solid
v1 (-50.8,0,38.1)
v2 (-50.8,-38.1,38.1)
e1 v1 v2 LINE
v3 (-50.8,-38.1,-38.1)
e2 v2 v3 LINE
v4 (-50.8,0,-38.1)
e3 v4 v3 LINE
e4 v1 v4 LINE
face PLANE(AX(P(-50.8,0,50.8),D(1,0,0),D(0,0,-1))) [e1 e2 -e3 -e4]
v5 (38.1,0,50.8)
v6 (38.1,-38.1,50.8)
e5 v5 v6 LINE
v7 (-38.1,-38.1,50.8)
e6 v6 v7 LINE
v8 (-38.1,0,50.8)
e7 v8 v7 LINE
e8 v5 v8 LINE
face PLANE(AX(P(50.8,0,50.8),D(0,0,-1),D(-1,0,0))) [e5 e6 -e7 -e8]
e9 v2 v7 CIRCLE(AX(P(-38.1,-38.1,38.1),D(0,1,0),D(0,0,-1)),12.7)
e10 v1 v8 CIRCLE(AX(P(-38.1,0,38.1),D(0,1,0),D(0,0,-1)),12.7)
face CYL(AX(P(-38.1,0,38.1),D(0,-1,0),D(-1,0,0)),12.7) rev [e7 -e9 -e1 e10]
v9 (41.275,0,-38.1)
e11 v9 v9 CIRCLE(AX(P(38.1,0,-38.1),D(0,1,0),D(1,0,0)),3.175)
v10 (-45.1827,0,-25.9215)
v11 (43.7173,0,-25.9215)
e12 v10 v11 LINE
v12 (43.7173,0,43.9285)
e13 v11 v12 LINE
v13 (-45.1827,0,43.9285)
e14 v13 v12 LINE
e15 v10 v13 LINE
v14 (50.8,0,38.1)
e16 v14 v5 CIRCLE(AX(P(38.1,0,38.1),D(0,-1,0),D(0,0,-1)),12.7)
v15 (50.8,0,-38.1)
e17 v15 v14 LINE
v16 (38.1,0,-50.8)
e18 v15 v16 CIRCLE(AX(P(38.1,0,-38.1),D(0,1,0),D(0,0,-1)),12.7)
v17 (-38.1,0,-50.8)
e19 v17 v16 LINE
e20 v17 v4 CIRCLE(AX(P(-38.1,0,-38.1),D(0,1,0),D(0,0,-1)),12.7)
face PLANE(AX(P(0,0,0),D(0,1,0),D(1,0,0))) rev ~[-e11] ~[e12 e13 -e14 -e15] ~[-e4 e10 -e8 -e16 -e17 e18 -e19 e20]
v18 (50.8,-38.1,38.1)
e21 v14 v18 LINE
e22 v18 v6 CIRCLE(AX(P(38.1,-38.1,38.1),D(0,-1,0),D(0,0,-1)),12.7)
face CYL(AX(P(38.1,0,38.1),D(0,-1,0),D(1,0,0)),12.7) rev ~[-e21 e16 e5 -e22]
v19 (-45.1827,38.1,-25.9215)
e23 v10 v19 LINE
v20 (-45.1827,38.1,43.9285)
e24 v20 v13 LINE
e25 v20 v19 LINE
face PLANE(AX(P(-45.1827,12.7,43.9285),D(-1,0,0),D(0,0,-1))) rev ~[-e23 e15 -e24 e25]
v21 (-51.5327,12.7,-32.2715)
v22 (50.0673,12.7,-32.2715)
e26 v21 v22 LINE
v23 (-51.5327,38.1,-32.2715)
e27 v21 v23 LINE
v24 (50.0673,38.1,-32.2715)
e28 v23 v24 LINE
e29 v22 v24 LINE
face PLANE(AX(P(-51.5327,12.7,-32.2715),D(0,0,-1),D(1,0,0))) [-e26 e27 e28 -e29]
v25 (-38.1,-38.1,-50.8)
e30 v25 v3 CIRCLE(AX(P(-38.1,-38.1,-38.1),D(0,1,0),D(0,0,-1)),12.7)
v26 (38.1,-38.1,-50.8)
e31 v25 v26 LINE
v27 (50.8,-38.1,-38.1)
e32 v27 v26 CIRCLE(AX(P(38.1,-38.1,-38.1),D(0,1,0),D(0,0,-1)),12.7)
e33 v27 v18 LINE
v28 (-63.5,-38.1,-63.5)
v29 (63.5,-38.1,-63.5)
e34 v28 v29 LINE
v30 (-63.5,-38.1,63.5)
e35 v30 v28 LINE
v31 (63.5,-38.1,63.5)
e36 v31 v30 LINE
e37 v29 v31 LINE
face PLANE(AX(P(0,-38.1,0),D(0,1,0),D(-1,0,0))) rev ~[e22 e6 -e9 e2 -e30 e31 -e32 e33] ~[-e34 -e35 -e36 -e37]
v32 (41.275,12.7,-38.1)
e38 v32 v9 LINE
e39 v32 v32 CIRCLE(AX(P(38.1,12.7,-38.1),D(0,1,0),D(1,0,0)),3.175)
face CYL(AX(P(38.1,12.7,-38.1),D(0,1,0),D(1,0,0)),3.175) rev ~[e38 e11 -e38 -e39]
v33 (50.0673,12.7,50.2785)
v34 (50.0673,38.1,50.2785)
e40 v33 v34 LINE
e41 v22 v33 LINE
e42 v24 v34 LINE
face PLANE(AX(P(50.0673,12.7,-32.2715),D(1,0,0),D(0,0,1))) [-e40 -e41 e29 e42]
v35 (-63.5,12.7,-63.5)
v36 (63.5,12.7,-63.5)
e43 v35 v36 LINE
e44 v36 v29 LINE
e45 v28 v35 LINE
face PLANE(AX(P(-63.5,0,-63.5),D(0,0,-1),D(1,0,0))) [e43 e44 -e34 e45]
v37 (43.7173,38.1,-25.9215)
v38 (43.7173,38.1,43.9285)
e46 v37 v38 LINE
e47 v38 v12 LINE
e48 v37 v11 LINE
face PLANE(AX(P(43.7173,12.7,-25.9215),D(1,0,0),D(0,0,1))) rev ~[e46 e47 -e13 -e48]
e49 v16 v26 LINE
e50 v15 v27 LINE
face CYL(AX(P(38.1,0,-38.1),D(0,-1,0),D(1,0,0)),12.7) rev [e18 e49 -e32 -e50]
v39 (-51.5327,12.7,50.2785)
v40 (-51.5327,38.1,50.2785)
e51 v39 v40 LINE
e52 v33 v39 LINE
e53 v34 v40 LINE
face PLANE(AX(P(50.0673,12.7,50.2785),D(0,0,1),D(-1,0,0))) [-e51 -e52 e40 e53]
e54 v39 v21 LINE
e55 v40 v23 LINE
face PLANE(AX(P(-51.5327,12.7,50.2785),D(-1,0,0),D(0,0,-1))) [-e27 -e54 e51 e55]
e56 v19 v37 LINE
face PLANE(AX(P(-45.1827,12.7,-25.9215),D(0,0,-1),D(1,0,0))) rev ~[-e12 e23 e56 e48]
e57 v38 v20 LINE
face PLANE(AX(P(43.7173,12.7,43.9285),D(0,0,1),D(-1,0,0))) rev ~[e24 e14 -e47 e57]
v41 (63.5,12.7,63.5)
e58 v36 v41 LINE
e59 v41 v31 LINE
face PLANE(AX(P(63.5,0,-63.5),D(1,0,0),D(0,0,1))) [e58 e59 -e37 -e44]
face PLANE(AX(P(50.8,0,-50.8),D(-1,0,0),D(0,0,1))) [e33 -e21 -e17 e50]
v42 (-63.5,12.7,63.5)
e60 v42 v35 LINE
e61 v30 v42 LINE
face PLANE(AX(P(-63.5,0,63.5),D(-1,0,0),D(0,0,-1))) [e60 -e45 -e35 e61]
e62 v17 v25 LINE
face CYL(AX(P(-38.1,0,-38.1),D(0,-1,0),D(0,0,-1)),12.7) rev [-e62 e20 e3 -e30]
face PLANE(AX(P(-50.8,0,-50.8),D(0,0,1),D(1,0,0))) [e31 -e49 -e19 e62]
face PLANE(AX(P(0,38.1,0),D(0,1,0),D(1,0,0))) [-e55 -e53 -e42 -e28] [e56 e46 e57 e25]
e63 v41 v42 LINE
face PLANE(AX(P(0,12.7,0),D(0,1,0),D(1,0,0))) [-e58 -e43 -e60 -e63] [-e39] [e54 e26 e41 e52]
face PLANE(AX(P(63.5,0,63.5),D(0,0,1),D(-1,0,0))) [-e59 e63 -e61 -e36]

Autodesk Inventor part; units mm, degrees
ref_plane "YZ Plane" through (0, 0, 0) normal (1, 0, 0) x (0, 1, 0)
ref_plane "XZ Plane" through (0, 0, 0) normal (0, 1, 0) x (-1, 0, 0)
ref_plane "XY Plane" through (0, 0, 0) normal (0, 0, 1) x (1, 0, 0)
sketch "Sketch1" plane through (0, 0, 0) normal (0, 1, 0) x (-1, 0, 0)
  line L0 (-50.8, 50.8) -> (50.8, 50.8)
  line L1 (50.8, 50.8) -> (50.8, -50.8)
  line L2 (50.8, -50.8) -> (-50.8, -50.8)
  line L3 (-50.8, -50.8) -> (-50.8, 50.8)
  line L4 (-63.5, 63.5) -> (63.5, 63.5)
  line L5 (63.5, 63.5) -> (63.5, -63.5)
  line L6 (63.5, -63.5) -> (-63.5, -63.5)
  line L7 (-63.5, -63.5) -> (-63.5, 63.5)
  point P0 (0, 0)
  dimension "d0" = 101.6
  dimension "d1" = 101.6
  dimension "d2" = 127
  dimension "d3" = 127
  dimension "d4" = 63.5
  dimension "d5" = 63.5
  dimension "d6" = 50.8
  dimension "d7" = 50.8
extrude "Extrusion1" add sketch "Sketch1" against normal blind 38.1
fillet "Fillet1" radius 12.7 4 edges at (-50.8, -19.05, -50.8) (50.8, -19.05, -50.8) (-50.8, -19.05, 50.8) (50.8, -19.05, 50.8)
sketch "Sketch3" plane through (0, 0, 0) normal (0, 1, 0) x (1, 0, 0)
  line L0 (-63.5, 63.5) -> (63.5, 63.5)
  line L1 (63.5, 63.5) -> (63.5, -63.5)
  line L2 (63.5, -63.5) -> (-63.5, -63.5)
  line L3 (-63.5, -63.5) -> (-63.5, 63.5)
  point P0 (0, 0)
extrude "Extrusion2" add sketch "Sketch3" along normal blind 12.7
sketch "Sketch4" plane through (0, 12.7, 0) normal (0, 1, 0) x (1, 0, 0)
  line L0 (63.5, -63.5) -> (63.5, 63.5) projected
  line L1 (63.5, 63.5) -> (-63.5, 63.5) projected
  circle A0 centre (38.1, 38.1) radius 3.175
  circle A1 centre (-69.85, 38.1) radius 3.175
  circle A2 centre (38.1, -69.85) radius 3.175
  circle A3 centre (-69.85, -69.85) radius 3.175
  point P0 (0, 0)
  dimension "d13" = 6.35
  dimension "d14" = 25.4
  dimension "d15" = 25.4
  dimension "d18" = 107.95
  dimension "d21" = 107.95
extrude "Extrusion3" cut sketch "Sketch4" against normal up to next
sketch "Sketch5" plane through (0, 12.7, 0) normal (0, 1, 0) x (1, 0, 0)
  circle A0 centre (50.8, -57.15) radius 3.175 projected
  circle A1 centre (38.1, 38.1) radius 3.175 projected
  circle A2 centre (-57.15, 50.8) radius 3.175 projected
  circle A3 centre (-57.15, -57.15) radius 3.175 projected
  circle A4 centre (-57.15, -57.15) radius 6.35
  circle A5 centre (-57.15, 50.8) radius 6.35
  circle A6 centre (38.1, 38.1) radius 6.35
  circle A7 centre (50.8, -57.15) radius 6.35
  point P0 (0, 0)
  dimension "d26" = 12.7
  dimension "d27" = 12.7
  dimension "d28" = 12.7
  dimension "d29" = 12.7
extrude "Extrusion4" [suppressed]
sketch "Sketch6" plane through (0, 12.7, 0) normal (0, 1, 0) x (1, 0, 0)
  line L0 (-45.1827, 25.9215) -> (43.7173, 25.9215)
  line L1 (43.7173, 25.9215) -> (43.7173, -43.9285)
  line L2 (43.7173, -43.9285) -> (-45.1827, -43.9285)
  line L3 (-45.1827, -43.9285) -> (-45.1827, 25.9215)
  line L4 (-51.5327, 32.2715) -> (50.0673, 32.2715)
  line L5 (50.0673, 32.2715) -> (50.0673, -50.2785)
  line L6 (50.0673, -50.2785) -> (-51.5327, -50.2785)
  line L7 (-51.5327, -50.2785) -> (-51.5327, 32.2715)
  point P0 (0, 0)
  dimension "d32" = 69.85
  dimension "d33" = 88.9
  dimension "d36" = 6.35
  dimension "d37" = 6.35
  dimension "d38" = 6.35
  dimension "d39" = 6.35
extrude "Extrusion5" add sketch "Sketch6" along normal blind 25.4
sketch "Sketch7" plane through (0, 12.7, 0) normal (0, 1, 0) x (1, 0, 0)
  line L0 (43.7173, -43.9285) -> (43.7173, 25.9215) projected
  line L1 (43.7173, 25.9215) -> (-45.1827, 25.9215) projected
  line L2 (-45.1827, 25.9215) -> (43.7173, 25.9215)
  line L3 (43.7173, 25.9215) -> (43.7173, -43.9285)
  line L4 (43.7173, -43.9285) -> (-45.1827, -43.9285)
  line L5 (-45.1827, -43.9285) -> (-45.1827, 25.9215)
  point P0 (0, 0)
  point P1 (63.5839, -35.7281)
  point P2 (63.5, 18.4248)
extrude "Extrusion6" cut sketch "Sketch7" against normal up to next
properties part number "Case1"
